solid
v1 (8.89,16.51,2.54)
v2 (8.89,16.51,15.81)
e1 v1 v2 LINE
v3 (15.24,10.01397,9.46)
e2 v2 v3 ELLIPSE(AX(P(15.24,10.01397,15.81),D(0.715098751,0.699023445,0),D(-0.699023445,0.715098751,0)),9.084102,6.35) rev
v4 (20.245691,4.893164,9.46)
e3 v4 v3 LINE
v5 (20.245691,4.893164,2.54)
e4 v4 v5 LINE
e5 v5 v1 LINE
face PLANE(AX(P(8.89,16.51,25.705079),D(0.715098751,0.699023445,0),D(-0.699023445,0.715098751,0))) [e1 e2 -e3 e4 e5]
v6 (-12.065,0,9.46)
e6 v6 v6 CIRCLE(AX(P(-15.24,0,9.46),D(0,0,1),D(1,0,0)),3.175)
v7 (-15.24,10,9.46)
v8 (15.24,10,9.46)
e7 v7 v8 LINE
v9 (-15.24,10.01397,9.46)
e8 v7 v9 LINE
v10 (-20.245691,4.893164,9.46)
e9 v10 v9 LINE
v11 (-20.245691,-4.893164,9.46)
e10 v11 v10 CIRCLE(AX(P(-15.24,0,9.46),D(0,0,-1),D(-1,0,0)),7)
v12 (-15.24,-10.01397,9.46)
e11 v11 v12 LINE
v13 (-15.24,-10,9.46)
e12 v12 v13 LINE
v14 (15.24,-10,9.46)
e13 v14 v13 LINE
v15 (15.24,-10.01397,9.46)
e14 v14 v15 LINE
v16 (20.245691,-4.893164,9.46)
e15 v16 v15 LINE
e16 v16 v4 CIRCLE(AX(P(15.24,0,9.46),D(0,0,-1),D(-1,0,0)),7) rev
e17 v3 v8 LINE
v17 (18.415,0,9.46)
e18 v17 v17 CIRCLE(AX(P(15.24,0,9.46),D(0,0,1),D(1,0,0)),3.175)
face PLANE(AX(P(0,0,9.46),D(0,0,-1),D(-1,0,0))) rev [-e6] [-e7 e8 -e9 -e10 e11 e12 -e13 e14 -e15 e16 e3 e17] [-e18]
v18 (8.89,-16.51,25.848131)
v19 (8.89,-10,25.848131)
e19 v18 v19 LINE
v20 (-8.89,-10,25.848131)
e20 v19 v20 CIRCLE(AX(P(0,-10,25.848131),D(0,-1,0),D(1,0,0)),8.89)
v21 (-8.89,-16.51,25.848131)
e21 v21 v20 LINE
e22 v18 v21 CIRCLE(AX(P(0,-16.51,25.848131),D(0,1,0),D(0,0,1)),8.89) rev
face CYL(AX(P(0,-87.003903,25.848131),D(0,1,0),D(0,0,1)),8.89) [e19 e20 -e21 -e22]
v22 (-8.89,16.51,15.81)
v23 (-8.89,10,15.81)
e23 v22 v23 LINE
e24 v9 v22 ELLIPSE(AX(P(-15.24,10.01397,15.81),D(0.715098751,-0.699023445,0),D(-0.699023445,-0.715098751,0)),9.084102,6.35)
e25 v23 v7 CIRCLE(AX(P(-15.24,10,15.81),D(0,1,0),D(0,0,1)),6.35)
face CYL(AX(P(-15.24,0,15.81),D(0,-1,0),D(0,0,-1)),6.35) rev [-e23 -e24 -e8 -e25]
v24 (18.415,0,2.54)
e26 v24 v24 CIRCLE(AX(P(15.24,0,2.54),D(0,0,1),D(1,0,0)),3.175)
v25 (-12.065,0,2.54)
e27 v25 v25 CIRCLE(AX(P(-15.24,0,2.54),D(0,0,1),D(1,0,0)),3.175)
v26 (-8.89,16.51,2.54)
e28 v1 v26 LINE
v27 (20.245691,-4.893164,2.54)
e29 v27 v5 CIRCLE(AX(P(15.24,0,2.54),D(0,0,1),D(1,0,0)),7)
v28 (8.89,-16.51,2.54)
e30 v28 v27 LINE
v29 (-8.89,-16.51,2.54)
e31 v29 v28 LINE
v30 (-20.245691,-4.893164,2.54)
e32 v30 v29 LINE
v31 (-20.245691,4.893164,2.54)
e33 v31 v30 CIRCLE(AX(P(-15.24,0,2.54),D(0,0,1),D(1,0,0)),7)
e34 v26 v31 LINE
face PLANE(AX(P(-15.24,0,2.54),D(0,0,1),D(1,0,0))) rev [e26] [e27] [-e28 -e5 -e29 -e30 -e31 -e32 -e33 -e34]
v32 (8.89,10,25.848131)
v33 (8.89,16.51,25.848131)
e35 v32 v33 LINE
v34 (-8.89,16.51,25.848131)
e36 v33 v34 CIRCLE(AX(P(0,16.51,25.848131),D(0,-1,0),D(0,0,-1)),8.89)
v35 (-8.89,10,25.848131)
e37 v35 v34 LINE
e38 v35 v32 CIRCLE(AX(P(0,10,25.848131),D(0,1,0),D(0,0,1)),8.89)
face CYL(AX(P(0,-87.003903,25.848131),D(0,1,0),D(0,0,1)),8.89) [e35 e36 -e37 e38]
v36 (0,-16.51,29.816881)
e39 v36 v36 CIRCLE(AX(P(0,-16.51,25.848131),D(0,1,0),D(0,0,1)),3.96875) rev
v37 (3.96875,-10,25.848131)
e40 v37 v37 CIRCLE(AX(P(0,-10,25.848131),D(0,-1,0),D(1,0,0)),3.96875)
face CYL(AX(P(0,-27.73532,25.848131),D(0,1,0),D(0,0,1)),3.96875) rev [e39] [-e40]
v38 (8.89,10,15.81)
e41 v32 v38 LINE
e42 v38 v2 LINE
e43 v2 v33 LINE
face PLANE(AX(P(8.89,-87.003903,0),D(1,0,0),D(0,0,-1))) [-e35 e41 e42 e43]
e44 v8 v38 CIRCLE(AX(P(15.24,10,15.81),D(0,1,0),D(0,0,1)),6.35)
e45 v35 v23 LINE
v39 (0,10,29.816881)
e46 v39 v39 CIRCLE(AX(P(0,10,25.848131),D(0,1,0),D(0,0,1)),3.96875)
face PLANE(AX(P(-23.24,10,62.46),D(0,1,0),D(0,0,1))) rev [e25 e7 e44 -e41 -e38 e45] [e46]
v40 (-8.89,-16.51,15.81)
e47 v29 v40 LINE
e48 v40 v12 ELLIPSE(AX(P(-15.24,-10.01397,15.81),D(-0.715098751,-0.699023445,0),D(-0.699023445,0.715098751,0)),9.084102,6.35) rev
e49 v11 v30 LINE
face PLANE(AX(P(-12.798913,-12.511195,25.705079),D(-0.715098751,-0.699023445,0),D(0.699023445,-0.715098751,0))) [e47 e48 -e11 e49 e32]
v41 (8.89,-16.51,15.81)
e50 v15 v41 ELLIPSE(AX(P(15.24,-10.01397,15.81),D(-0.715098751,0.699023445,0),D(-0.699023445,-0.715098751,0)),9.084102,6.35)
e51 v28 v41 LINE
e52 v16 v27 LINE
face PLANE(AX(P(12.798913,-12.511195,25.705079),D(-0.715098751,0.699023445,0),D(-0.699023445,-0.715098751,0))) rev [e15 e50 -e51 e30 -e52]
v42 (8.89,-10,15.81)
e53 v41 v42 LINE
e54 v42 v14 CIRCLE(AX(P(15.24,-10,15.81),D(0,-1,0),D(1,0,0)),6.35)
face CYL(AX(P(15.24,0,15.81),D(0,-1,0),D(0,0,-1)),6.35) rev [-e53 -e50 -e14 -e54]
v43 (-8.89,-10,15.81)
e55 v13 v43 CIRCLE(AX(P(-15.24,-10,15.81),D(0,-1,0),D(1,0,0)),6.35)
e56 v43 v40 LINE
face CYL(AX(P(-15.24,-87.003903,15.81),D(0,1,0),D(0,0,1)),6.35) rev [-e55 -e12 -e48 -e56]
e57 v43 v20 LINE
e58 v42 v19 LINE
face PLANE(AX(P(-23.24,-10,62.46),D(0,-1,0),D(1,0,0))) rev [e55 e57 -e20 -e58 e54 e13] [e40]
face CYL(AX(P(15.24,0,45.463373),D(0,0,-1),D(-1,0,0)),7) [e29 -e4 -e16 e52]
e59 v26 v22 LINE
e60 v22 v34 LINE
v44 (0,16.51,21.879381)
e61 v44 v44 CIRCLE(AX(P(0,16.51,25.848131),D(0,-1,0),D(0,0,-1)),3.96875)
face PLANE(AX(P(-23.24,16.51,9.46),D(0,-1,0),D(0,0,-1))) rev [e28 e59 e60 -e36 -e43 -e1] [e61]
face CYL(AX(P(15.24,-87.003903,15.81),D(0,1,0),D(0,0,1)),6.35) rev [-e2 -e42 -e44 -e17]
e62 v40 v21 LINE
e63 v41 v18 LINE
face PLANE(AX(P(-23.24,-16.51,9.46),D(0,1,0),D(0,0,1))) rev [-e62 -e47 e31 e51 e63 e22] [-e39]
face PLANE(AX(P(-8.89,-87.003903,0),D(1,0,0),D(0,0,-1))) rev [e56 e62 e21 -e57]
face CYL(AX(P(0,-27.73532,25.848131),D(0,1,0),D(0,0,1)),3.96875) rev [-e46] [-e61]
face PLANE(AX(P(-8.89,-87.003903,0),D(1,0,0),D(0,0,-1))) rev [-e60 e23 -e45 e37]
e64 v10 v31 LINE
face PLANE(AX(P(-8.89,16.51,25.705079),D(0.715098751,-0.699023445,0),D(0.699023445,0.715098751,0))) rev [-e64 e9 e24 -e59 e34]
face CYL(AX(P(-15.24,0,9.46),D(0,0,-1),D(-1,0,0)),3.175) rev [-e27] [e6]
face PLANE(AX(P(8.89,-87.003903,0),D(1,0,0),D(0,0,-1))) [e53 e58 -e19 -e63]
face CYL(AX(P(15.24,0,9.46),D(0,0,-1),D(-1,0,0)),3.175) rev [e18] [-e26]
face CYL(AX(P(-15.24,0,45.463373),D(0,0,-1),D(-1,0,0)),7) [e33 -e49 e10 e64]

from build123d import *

# Parameters (mm, degrees)
SKETCH1_W                      = 46.48
SKETCH1_H                      = 33.02
SKETCH1_R                      = 3.175
BOSS_EXTRUDE1_DEPTH            = 9.46
SKETCH2_W                      = 46.48
SKETCH2_H                      = 6.51
BOSS_EXTRUDE2_DEPTH            = 53
CUT_EXTRUDE1_REACH             = 70.658
SKETCH4_R                      = 3.96875
CUT_EXTRUDE1_DIRECTION_2_REACH = 70.658
CUT_EXTRUDE3_REACH             = 70.658
CUT_EXTRUDE3_DIRECTION_2_REACH = 70.658
CUT_EXTRUDE4_DEPTH             = 9.46
BOSS_EXTRUDE3_DEPTH            = 9.46
FILLET3_R                      = 6.35
CUT_EXTRUDE5_DEPTH             = 2.54


with BuildPart() as part:
    # Sketch1 → Boss-Extrude1 (new body)
    with BuildSketch(Plane.XY):
        Rectangle(SKETCH1_W, SKETCH1_H)
        with Locations((15.24, 0)):
            Circle(SKETCH1_R, mode=Mode.SUBTRACT)
        with Locations((-15.24, 0)):
            Circle(SKETCH1_R, mode=Mode.SUBTRACT)
    extrude(amount=BOSS_EXTRUDE1_DEPTH)

    # Sketch2 → Boss-Extrude2 (add)
    with BuildSketch(Plane.XY.offset(9.46)):
        with Locations((0, 13.255)):
            Rectangle(SKETCH2_W, SKETCH2_H)
        with Locations((0, -13.255)):
            Rectangle(SKETCH2_W, SKETCH2_H)
    extrude(amount=BOSS_EXTRUDE2_DEPTH)

    # Cut-Extrude1: up to this face of the body (flat: up to its plane)
    cut_extrude1_end = Plane(part.part.faces().sort_by_distance((0, -16.51, 31.23))[0])
    # Sketch4 → Cut-Extrude1 (cut, up to the picked face)
    with BuildSketch(Plane(origin=(0, 0, 0), x_dir=(1, 0, 0), z_dir=(0, 1, 0)), mode=Mode.PRIVATE) as cut_extrude1_sk1:
        with Locations(Location((0, -25.8481308, 0), (0, 0, 270))):
            Circle(SKETCH4_R)
    cut_extrude1_tool1 = split(extrude(cut_extrude1_sk1.sketch, amount=-CUT_EXTRUDE1_REACH, mode=Mode.PRIVATE), bisect_by=cut_extrude1_end, keep=Keep.BOTH, mode=Mode.PRIVATE)
    add(cut_extrude1_tool1.solids().sort_by(Axis((0, 0, 25.848131), (0, -1, 0)))[0], mode=Mode.SUBTRACT)

    # Cut-Extrude1 direction 2: up to this face of the body (flat: up to its plane)
    cut_extrude1_direction_2_end = Plane(part.part.faces().sort_by_distance((0, 16.51, 31.23))[0])
    # Sketch4 → Cut-Extrude1 direction 2 (cut, up to the picked face)
    with BuildSketch(Plane(origin=(0, 0, 0), x_dir=(1, 0, 0), z_dir=(0, 1, 0)), mode=Mode.PRIVATE) as cut_extrude1_direction_2_sk1:
        with Locations(Location((0, -25.8481308, 0), (0, 0, 270))):
            Circle(SKETCH4_R)
    cut_extrude1_direction_2_tool1 = split(extrude(cut_extrude1_direction_2_sk1.sketch, amount=CUT_EXTRUDE1_DIRECTION_2_REACH, mode=Mode.PRIVATE), bisect_by=cut_extrude1_direction_2_end, keep=Keep.BOTH, mode=Mode.PRIVATE)
    add(cut_extrude1_direction_2_tool1.solids().sort_by(Axis((0, 0, 25.848131), (0, 1, 0)))[0], mode=Mode.SUBTRACT)

    # Cut-Extrude3: up to this face of the body (flat: up to its plane)
    cut_extrude3_end = Plane(part.part.faces().sort_by_distance((0, -16.51, 31.323322986))[0])
    # Sketch6 → Cut-Extrude3 (cut, up to the picked face)
    with BuildSketch(Plane(origin=(0, 0, 0), x_dir=(1, 0, 0), z_dir=(0, 1, 0)), mode=Mode.PRIVATE) as cut_extrude3_sk1:
        with BuildLine():
            Line((-8.89, -25.8481308), (-8.89, -17.46))
            Line((-8.89, -17.46), (-8.89, -9.46))
            Line((-8.89, -9.46), (-16.89, -9.46))
            Line((-16.89, -9.46), (-23.24, -9.46))
            Line((-23.24, -9.46), (-23.24, -62.46))
            Line((-23.24, -62.46), (23.24, -62.46))
            Line((23.24, -62.46), (23.24, -9.46))
            Line((23.24, -9.46), (16.89, -9.46))
            Line((16.89, -9.46), (8.89, -9.46))
            Line((8.89, -9.46), (8.89, -17.46))
            Line((8.89, -17.46), (8.89, -25.8481308))
            ThreePointArc((8.89, -25.8481308), (0, -34.7381308), (-8.89, -25.8481308))
        make_face()
    cut_extrude3_tool1 = split(extrude(cut_extrude3_sk1.sketch, amount=-CUT_EXTRUDE3_REACH, mode=Mode.PRIVATE), bisect_by=cut_extrude3_end, keep=Keep.BOTH, mode=Mode.PRIVATE)
    add(cut_extrude3_tool1.solids().sort_by(Axis((0, 0, 38.948856), (0, -1, 0)))[0], mode=Mode.SUBTRACT)

    # Cut-Extrude3 direction 2: up to this face of the body (flat: up to its plane)
    cut_extrude3_direction_2_end = Plane(part.part.faces().sort_by_distance((0, 16.51, 31.323322986))[0])
    # Sketch6 → Cut-Extrude3 direction 2 (cut, up to the picked face)
    with BuildSketch(Plane(origin=(0, 0, 0), x_dir=(1, 0, 0), z_dir=(0, 1, 0)), mode=Mode.PRIVATE) as cut_extrude3_direction_2_sk1:
        with BuildLine():
            Line((-8.89, -25.8481308), (-8.89, -17.46))
            Line((-8.89, -17.46), (-8.89, -9.46))
            Line((-8.89, -9.46), (-16.89, -9.46))
            Line((-16.89, -9.46), (-23.24, -9.46))
            Line((-23.24, -9.46), (-23.24, -62.46))
            Line((-23.24, -62.46), (23.24, -62.46))
            Line((23.24, -62.46), (23.24, -9.46))
            Line((23.24, -9.46), (16.89, -9.46))
            Line((16.89, -9.46), (8.89, -9.46))
            Line((8.89, -9.46), (8.89, -17.46))
            Line((8.89, -17.46), (8.89, -25.8481308))
            ThreePointArc((8.89, -25.8481308), (0, -34.7381308), (-8.89, -25.8481308))
        make_face()
    cut_extrude3_direction_2_tool1 = split(extrude(cut_extrude3_direction_2_sk1.sketch, amount=CUT_EXTRUDE3_DIRECTION_2_REACH, mode=Mode.PRIVATE), bisect_by=cut_extrude3_direction_2_end, keep=Keep.BOTH, mode=Mode.PRIVATE)
    add(cut_extrude3_direction_2_tool1.solids().sort_by(Axis((0, 0, 38.948856), (0, 1, 0)))[0], mode=Mode.SUBTRACT)

    # Sketch7 → Cut-Extrude4 (cut)
    with BuildSketch(Plane.XY):
        with BuildLine():
            ThreePointArc((-15.24, -7), (-22.24, 0), (-15.24, 7))
            Line((-15.24, 7), (-8.89, 7))
            Line((-8.89, 7), (-8.89, 16.51))
            Line((-8.89, 16.51), (-23.24, 16.51))
            Line((-23.24, 16.51), (-23.24, -16.51))
            Line((-23.24, -16.51), (-8.89, -16.51))
            Line((-8.89, -16.51), (-8.89, -7))
            Line((-8.89, -7), (-15.24, -7))
        make_face()
        with BuildLine():
            Line((8.89, 16.51), (8.89, 7))
            Line((8.89, 7), (15.24, 7))
            ThreePointArc((15.24, 7), (22.24, 0), (15.24, -7))
            Line((15.24, -7), (8.89, -7))
            Line((8.89, -7), (8.89, -16.51))
            Line((8.89, -16.51), (23.24, -16.51))
            Line((23.24, -16.51), (23.24, 16.51))
            Line((23.24, 16.51), (8.89, 16.51))
        make_face()
    extrude(amount=CUT_EXTRUDE4_DEPTH, mode=Mode.SUBTRACT)

    # Sketch8 → Boss-Extrude3 (add)
    with BuildSketch(Plane.XY):
        with BuildLine():
            Line((8.89, -16.51), (20.245691258, -4.893164112))
            ThreePointArc((20.245691258, -4.893164112), (17.955497304, -6.451827213), (15.24, -7))
            Line((15.24, -7), (8.89, -7))
            Line((8.89, -7), (8.89, -16.51))
        make_face()
        with BuildLine():
            ThreePointArc((-20.245691258, -4.893164112), (-17.955497304, -6.451827213), (-15.24, -7))
            Line((-15.24, -7), (-8.89, -7))
            Line((-8.89, -7), (-8.89, -16.51))
            Line((-8.89, -16.51), (-20.245691258, -4.893164112))
        make_face()
        with BuildLine():
            Line((8.89, 16.51), (20.245691258, 4.893164112))
            ThreePointArc((20.245691258, 4.893164112), (17.955497304, 6.451827213), (15.24, 7))
            Line((15.24, 7), (8.89, 7))
            Line((8.89, 7), (8.89, 16.51))
        make_face()
        with BuildLine():
            Line((-8.89, 16.51), (-20.245691258, 4.893164112))
            ThreePointArc((-20.245691258, 4.893164112), (-17.955497304, 6.451827213), (-15.24, 7))
            Line((-15.24, 7), (-8.89, 7))
            Line((-8.89, 7), (-8.89, 16.51))
        make_face()
    extrude(amount=BOSS_EXTRUDE3_DEPTH)

    # Fillet3
    fillet3_edges = [part.edges().sort_by_distance(p)[0] for p in [
        (8.89, -13.255, 9.46),
        (-8.89, -13.255, 9.46),
        (8.89, 13.255, 9.46),
        (-8.89, 13.255, 9.46),
    ]]
    fillet(fillet3_edges, radius=FILLET3_R)

    # Sketch10 → Cut-Extrude5 (cut)
    with BuildSketch(Plane.XY):
        with BuildLine():
            Line((-8.89, 16.51), (-20.245691258, 4.893164112))
            ThreePointArc((-20.245691258, 4.893164112), (-22.24, 0), (-20.245691258, -4.893164112))
            Line((-20.245691258, -4.893164112), (-8.89, -16.51))
            Line((-8.89, -16.51), (8.89, -16.51))
            Line((8.89, -16.51), (20.245691258, -4.893164112))
            ThreePointArc((20.245691258, -4.893164112), (22.24, 0), (20.245691258, 4.893164112))
            Line((20.245691258, 4.893164112), (8.89, 16.51))
            Line((8.89, 16.51), (-8.89, 16.51))
        make_face()
    extrude(amount=CUT_EXTRUDE5_DEPTH, mode=Mode.SUBTRACT)


solid = part.part
